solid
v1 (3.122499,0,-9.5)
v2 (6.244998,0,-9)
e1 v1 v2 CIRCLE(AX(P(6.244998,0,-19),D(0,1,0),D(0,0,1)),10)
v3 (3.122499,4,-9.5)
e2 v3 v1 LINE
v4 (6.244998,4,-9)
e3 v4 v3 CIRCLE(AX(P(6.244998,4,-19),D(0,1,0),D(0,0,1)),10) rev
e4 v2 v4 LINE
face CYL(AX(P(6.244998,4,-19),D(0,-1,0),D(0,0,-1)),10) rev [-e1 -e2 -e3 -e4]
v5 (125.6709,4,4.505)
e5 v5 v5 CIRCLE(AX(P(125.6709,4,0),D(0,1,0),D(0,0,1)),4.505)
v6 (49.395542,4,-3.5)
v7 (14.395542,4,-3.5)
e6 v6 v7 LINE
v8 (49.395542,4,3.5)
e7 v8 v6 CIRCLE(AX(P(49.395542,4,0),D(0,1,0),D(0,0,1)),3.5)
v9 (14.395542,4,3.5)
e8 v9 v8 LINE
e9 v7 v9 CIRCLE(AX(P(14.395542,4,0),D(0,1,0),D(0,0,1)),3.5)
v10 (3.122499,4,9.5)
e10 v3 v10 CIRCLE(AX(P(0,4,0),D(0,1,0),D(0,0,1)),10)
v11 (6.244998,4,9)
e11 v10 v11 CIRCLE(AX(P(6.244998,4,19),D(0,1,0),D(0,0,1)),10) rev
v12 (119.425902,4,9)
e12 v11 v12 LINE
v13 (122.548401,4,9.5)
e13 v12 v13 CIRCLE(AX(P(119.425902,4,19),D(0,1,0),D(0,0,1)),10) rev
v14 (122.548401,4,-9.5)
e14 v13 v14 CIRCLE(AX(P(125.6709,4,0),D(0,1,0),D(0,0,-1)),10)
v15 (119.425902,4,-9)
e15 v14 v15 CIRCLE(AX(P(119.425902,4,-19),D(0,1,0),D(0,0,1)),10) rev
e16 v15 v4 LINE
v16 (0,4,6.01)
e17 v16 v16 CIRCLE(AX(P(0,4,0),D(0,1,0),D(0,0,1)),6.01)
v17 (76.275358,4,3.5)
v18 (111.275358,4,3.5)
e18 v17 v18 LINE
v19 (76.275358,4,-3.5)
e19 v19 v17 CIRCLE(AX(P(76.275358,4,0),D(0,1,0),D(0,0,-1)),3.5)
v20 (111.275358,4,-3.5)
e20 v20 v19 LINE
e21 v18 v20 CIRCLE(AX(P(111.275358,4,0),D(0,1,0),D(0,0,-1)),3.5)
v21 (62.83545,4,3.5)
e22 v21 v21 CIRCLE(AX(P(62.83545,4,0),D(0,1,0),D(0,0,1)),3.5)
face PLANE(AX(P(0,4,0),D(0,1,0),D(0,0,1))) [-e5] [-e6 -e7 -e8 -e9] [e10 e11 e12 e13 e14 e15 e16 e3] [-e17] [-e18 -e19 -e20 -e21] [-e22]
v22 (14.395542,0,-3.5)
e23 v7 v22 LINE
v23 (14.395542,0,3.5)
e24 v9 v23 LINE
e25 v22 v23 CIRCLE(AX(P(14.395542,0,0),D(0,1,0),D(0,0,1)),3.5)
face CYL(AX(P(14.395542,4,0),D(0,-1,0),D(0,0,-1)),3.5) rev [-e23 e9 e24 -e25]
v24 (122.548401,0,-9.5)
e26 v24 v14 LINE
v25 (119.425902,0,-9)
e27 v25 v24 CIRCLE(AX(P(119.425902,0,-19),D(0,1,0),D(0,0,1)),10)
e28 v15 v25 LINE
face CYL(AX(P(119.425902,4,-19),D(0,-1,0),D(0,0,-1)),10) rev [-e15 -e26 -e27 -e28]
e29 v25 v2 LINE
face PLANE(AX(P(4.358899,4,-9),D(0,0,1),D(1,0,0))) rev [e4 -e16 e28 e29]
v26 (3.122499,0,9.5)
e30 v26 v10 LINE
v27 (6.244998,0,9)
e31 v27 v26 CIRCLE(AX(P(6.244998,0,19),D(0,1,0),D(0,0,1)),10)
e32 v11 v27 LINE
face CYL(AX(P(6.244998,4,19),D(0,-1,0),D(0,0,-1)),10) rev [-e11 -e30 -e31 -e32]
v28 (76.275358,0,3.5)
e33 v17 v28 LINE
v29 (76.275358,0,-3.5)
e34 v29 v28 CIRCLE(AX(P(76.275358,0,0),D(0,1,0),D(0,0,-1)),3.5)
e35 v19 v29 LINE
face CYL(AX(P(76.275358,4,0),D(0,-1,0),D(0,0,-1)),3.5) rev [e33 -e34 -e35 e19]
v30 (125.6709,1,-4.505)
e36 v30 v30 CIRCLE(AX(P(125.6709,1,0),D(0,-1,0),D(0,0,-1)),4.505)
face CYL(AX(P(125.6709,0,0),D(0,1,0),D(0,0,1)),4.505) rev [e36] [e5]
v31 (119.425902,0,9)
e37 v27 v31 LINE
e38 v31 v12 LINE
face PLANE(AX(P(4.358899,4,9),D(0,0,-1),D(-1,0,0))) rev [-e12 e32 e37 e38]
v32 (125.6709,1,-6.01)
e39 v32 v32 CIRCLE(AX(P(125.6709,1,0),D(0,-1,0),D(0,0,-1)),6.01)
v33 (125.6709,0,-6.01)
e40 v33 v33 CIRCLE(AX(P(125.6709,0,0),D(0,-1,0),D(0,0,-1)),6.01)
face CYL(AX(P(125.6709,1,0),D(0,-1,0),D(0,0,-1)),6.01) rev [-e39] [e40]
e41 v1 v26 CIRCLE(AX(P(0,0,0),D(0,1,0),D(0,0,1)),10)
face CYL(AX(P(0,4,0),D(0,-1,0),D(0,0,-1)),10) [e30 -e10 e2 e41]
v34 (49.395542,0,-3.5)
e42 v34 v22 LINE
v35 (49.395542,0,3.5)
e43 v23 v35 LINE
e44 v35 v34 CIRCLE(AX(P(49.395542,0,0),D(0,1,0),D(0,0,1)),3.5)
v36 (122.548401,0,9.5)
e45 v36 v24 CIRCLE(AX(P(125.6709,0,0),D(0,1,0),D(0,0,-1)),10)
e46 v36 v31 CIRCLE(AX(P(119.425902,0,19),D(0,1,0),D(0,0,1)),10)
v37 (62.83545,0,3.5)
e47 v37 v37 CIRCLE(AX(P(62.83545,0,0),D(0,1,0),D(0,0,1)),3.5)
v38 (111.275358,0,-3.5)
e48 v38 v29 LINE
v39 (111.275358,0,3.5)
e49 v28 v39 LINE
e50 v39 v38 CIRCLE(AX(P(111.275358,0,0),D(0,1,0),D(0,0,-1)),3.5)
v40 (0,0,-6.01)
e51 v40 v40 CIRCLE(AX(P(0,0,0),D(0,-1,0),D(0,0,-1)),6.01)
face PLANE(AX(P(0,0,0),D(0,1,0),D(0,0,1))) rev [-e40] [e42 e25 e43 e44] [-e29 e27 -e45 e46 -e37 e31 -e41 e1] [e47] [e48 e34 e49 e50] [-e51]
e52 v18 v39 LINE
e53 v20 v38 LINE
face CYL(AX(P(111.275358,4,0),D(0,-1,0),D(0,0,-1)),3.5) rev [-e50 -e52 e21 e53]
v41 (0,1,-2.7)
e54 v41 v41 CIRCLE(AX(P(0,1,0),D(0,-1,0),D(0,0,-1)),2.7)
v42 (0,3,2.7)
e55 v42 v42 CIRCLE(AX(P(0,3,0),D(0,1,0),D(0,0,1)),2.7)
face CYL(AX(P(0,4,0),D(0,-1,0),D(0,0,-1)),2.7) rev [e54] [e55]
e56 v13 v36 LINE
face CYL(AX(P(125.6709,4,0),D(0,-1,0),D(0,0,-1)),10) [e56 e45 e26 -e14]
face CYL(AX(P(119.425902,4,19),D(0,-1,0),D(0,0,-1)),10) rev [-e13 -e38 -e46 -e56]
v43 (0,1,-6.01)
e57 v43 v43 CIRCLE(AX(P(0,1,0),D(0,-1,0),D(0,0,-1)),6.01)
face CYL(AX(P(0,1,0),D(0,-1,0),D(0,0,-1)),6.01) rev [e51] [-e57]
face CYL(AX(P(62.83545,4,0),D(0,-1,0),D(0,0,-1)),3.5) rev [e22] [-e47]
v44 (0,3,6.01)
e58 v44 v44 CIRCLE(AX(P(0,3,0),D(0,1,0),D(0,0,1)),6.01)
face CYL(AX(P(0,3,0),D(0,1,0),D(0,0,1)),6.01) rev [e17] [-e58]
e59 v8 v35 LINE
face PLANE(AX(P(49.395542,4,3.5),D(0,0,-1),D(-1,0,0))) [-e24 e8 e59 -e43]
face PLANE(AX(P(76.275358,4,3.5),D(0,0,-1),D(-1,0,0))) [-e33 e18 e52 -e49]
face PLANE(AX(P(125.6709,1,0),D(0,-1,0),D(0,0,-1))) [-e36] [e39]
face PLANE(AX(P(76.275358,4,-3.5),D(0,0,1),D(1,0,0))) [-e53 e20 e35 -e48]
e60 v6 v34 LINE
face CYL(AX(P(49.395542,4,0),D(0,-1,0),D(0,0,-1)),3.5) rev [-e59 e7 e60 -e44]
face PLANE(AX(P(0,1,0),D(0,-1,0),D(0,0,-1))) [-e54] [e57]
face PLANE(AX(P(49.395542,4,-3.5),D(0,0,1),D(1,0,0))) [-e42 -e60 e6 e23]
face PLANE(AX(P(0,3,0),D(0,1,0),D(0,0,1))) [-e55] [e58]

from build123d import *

# Parameters (mm, degrees)
SKETCH_1_R          = 2.7
SKETCH_1_R_2        = 2.5
SKETCH_1_R_3        = 3.5
EXTRUDE_1_DEPTH     = 4
SKETCH_2_R          = 6.01
CUT_EXTRUDE_1_DEPTH = 1
SKETCH_3_R          = 6.01
CUT_EXTRUDE_2_DEPTH = 1
CUT_EXTRUDE_START   = -1
SKETCH_4_R          = 6.01
CUT_EXTRUDE_3_DEPTH = 1
SKETCH_5_R          = 4.505
CUT_EXTRUDE_4_DEPTH = 137.097733658
FILLET_1_R          = 10


with BuildPart() as part:
    # 草图1 → 凸台-拉伸1 (new body)
    with BuildSketch(Plane(origin=(0, 0, 0), x_dir=(1, 0, 0), z_dir=(0, 1, 0))):
        with BuildLine():
            Line((4.358898944, -9), (121.312001056, -9))
            ThreePointArc((121.312001056, -9), (135.6709, 0), (121.312001056, 9))
            Line((121.312001056, 9), (4.358898944, 9))
            ThreePointArc((4.358898944, 9), (-10, 0), (4.358898944, -9))
        make_face()
        with Locations(Location((0, 0, 0), (0, 0, 270))):
            Circle(SKETCH_1_R, mode=Mode.SUBTRACT)
        with Locations(Location((125.6709, 0, 0), (0, 0, 270))):
            Circle(SKETCH_1_R_2, mode=Mode.SUBTRACT)
        with Locations(Location((62.83545, 0, 0), (0, 0, 270))):
            Circle(SKETCH_1_R_3, mode=Mode.SUBTRACT)
        with BuildLine():
            Line((49.395542126, -3.5), (14.395542126, -3.5))
            ThreePointArc((14.395542126, -3.5), (10.895542126, 0), (14.395542126, 3.5))
            Line((14.395542126, 3.5), (49.395542126, 3.5))
            ThreePointArc((49.395542126, 3.5), (52.895542126, 0), (49.395542126, -3.5))
        make_face(mode=Mode.SUBTRACT)
        with BuildLine():
            Line((76.275357874, -3.5), (111.275357874, -3.5))
            ThreePointArc((111.275357874, -3.5), (114.775357874, 0), (111.275357874, 3.5))
            Line((111.275357874, 3.5), (76.275357874, 3.5))
            ThreePointArc((76.275357874, 3.5), (72.775357874, 0), (76.275357874, -3.5))
        make_face(mode=Mode.SUBTRACT)
    extrude(amount=EXTRUDE_1_DEPTH)

    # 草图2 → 切除-拉伸1 (cut)
    with BuildSketch(Plane.XZ):
        with Locations(Location((125.6709, 0, 0), (0, 0, 270))):
            Circle(SKETCH_2_R)
    extrude(amount=-CUT_EXTRUDE_1_DEPTH, mode=Mode.SUBTRACT)

    # 草图3 → 切除-拉伸2 (cut)
    with BuildSketch(Plane(origin=(0, 4, 0), x_dir=(1, 0, 0), z_dir=(0, 1, 0))):
        with Locations(Location((0, 0, 0), (0, 0, 270))):
            Circle(SKETCH_3_R)
    extrude(amount=-CUT_EXTRUDE_2_DEPTH, mode=Mode.SUBTRACT)

    # 草图4 → 切除-拉伸3 (cut)
    with BuildSketch(Plane.XZ.offset(CUT_EXTRUDE_START)):
        with Locations(Location((0, 0, 0), (0, 0, 90))):
            Circle(SKETCH_4_R)
    extrude(amount=CUT_EXTRUDE_3_DEPTH, mode=Mode.SUBTRACT)

    # 草图5 → 切除-拉伸4 (cut, through all)
    with BuildSketch(Plane(origin=(0, 4, 0), x_dir=(1, 0, 0), z_dir=(0, 1, 0))):
        with Locations(Location((125.6709, 0, 0), (0, 0, 270))):
            Circle(SKETCH_5_R)
    extrude(amount=-CUT_EXTRUDE_4_DEPTH, mode=Mode.SUBTRACT)

    # 圆角1
    fillet_1_edges = [part.edges().sort_by_distance(p)[0] for p in [
        (4.358898944, 2, -9),
        (121.312001056, 2, -9),
        (121.312001056, 2, 9),
        (4.358898944, 2, 9),
    ]]
    fillet(fillet_1_edges, radius=FILLET_1_R)


solid = part.part
